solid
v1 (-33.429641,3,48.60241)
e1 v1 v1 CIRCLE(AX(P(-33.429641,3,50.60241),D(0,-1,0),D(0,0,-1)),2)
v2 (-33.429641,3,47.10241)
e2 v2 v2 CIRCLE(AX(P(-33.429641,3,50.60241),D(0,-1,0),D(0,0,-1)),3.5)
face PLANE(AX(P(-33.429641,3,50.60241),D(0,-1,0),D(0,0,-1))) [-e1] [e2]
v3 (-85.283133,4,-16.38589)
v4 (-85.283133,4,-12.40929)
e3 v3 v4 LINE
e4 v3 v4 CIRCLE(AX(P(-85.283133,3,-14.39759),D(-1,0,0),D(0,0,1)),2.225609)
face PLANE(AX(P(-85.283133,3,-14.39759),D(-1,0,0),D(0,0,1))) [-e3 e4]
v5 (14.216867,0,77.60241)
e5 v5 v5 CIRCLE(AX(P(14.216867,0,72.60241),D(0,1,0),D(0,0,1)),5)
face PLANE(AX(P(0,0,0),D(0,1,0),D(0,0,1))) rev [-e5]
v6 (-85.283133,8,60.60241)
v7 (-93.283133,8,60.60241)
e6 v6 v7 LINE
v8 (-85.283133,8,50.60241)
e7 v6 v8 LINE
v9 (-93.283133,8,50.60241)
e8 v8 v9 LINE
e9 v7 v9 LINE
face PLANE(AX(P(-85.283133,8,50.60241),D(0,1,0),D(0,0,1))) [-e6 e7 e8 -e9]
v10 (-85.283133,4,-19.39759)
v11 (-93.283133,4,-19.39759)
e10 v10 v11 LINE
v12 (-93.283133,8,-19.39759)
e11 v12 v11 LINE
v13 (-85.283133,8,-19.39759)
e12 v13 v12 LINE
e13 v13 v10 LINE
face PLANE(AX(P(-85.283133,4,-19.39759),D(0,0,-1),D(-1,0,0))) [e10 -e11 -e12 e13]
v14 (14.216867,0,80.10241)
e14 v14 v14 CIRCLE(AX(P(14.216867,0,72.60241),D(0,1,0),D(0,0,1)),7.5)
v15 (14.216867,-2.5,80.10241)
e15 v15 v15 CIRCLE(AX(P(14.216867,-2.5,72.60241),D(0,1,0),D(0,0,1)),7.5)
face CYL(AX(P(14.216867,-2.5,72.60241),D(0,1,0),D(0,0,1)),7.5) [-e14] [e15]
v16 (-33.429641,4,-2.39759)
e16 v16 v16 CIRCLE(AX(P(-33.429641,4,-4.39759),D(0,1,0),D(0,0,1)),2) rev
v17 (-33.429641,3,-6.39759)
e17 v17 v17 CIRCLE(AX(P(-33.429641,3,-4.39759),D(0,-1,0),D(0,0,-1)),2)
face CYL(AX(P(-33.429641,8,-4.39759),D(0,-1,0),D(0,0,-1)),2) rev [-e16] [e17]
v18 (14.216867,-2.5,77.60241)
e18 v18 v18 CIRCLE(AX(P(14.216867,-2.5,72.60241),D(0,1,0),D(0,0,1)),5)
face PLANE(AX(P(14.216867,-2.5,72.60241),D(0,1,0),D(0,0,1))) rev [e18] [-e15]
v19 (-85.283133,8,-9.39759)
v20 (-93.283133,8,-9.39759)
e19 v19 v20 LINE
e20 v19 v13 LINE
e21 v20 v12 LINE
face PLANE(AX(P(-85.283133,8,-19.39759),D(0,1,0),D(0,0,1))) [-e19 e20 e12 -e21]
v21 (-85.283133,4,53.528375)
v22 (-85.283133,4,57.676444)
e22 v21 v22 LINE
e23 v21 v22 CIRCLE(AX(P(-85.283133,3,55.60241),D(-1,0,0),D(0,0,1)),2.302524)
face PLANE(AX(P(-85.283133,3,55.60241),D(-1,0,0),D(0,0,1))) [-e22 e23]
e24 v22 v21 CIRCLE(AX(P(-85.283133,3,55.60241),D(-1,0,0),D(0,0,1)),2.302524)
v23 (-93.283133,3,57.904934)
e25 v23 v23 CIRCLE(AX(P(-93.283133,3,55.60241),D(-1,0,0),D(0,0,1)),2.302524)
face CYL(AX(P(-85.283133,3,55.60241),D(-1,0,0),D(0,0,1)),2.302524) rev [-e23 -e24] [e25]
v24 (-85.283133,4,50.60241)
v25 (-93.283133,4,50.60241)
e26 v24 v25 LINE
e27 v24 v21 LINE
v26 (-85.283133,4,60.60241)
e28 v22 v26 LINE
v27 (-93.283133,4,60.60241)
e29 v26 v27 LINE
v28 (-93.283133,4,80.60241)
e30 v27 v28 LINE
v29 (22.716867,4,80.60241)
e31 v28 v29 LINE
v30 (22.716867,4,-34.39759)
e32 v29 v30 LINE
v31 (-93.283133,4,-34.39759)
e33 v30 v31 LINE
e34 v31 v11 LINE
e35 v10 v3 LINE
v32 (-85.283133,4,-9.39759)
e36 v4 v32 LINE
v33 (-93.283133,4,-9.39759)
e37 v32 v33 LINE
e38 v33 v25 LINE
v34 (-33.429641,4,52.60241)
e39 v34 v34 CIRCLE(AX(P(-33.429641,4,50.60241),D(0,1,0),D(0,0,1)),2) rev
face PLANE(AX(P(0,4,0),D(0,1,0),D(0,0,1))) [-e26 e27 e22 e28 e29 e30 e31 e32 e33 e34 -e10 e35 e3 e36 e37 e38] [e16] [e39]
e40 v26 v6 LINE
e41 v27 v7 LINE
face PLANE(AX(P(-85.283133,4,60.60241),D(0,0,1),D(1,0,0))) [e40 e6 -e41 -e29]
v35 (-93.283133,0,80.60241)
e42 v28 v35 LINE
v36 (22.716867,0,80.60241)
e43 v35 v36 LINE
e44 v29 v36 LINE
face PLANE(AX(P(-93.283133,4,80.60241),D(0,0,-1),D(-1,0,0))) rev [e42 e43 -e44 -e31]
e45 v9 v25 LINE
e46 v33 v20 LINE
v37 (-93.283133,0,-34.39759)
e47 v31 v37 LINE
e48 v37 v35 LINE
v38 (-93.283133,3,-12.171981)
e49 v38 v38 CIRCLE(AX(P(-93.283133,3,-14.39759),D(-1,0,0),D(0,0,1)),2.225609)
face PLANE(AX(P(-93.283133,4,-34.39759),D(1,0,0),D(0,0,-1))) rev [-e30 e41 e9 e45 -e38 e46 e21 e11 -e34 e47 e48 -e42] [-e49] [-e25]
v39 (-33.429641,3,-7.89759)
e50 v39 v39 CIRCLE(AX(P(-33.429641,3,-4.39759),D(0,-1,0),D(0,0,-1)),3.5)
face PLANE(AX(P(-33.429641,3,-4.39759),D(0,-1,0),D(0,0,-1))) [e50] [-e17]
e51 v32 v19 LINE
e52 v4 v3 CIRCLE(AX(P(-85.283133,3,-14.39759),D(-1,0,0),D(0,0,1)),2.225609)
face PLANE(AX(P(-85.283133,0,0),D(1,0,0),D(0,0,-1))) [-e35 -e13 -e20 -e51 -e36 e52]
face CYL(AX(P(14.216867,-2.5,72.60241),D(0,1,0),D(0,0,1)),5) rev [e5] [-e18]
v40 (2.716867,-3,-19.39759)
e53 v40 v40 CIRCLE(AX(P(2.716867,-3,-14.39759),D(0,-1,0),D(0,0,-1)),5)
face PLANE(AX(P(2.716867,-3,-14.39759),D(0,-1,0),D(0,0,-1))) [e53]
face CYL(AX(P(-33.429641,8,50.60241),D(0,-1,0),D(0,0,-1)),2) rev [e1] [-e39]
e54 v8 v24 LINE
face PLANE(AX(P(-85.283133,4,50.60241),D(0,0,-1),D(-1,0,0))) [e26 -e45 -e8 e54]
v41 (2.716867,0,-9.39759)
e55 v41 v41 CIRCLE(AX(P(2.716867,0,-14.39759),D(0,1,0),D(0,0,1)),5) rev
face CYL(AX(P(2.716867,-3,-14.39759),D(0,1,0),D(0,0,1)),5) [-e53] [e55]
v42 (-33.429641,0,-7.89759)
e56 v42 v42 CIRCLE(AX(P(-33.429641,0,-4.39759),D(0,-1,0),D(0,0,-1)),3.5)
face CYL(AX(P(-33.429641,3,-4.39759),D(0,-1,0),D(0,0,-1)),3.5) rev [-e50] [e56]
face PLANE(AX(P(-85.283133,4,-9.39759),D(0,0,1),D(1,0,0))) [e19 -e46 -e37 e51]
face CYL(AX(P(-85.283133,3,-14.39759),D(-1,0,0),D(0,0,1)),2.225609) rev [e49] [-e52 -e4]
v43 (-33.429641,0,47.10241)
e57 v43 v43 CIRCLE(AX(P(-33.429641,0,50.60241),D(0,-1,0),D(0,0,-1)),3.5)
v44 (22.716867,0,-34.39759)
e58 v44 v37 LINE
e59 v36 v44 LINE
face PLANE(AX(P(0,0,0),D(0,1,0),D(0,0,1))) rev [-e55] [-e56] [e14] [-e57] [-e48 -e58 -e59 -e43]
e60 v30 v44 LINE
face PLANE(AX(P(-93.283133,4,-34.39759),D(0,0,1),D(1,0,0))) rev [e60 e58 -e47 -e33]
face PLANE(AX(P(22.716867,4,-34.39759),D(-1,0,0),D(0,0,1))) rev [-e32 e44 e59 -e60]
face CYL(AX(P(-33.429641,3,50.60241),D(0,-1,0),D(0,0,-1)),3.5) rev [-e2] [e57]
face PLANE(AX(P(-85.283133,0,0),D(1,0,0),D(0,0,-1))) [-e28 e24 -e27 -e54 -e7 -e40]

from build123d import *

# Parameters (mm, degrees)
SKETCH1_W               = 116
SKETCH1_H               = 115
BOSS_EXTRUDE1_DEPTH     = 4
SKETCH2_R               = 7.5
SKETCH2_R_2             = 5
BOSS_EXTRUDE2_DEPTH     = 2.5
SKETCH3_W               = 10
SKETCH3_H               = 4
BOSS_EXTRUDE3_DEPTH     = 8
SKETCH6_R               = 2.225609416
SKETCH6_R_2             = 2.302524441
CUT_EXTRUDE2_DEPTH      = 8
SKETCH7_R               = 5
BOSS_EXTRUDE5_DEPTH     = 3
SKETCH9_R               = 2
CUT_EXTRUDE3_DEPTH      = 5
CUT_EXTRUDE3_DEPTH_BACK = 8
SKETCH10_R              = 3.5
CUT_EXTRUDE5_DEPTH      = 3


with BuildPart() as part:
    # Sketch1 → Boss-Extrude1 (new body)
    with BuildSketch(Plane(origin=(0, 0, 0), x_dir=(1, 0, 0), z_dir=(0, 1, 0))):
        with Locations((-35.28313253, -23.102409639)):
            Rectangle(SKETCH1_W, SKETCH1_H)
    extrude(amount=BOSS_EXTRUDE1_DEPTH)

    # Sketch2 → Boss-Extrude2 (add)
    with BuildSketch(Plane(origin=(0, 0, 0), x_dir=(1, 0, 0), z_dir=(0, 1, 0))):
        with Locations((14.21686747, -72.602409639)):
            Circle(SKETCH2_R)
        with Locations((14.21686747, -72.602409639)):
            Circle(SKETCH2_R_2, mode=Mode.SUBTRACT)
    extrude(amount=-BOSS_EXTRUDE2_DEPTH)

    # Sketch3 → Boss-Extrude3 (add)
    with BuildSketch(Plane.ZY.offset(93.28313253)):
        with Locations((-14.397590361, 6)):
            Rectangle(SKETCH3_W, SKETCH3_H)
        with Locations((55.602409639, 6)):
            Rectangle(SKETCH3_W, SKETCH3_H)
    extrude(amount=-BOSS_EXTRUDE3_DEPTH)

    # Sketch6 → Cut-Extrude2 (cut)
    with BuildSketch(Plane.ZY.offset(93.28313253)):
        with Locations((-14.397590361, 3)):
            Circle(SKETCH6_R)
        with Locations((55.602409639, 3)):
            Circle(SKETCH6_R_2)
    extrude(amount=-CUT_EXTRUDE2_DEPTH, mode=Mode.SUBTRACT)

    # Sketch7 → Boss-Extrude5 (add)
    with BuildSketch(Plane.XZ):
        with Locations((2.71686747, -14.397590361)):
            Circle(SKETCH7_R)
    extrude(amount=BOSS_EXTRUDE5_DEPTH)

    # Sketch9 → Cut-Extrude3 (cut, two sides)
    with BuildSketch(Plane(origin=(0, 4, 0), x_dir=(1, 0, 0), z_dir=(0, 1, 0))) as cut_extrude3_sk:
        with Locations((-33.429640785, 4.397590361)):
            Circle(SKETCH9_R)
        with Locations((-33.429640785, -50.602409639)):
            Circle(SKETCH9_R)
    extrude(amount=CUT_EXTRUDE3_DEPTH, mode=Mode.SUBTRACT)
    extrude(cut_extrude3_sk.sketch, amount=-CUT_EXTRUDE3_DEPTH_BACK, mode=Mode.SUBTRACT)

    # Sketch10 → Cut-Extrude5 (cut)
    with BuildSketch(Plane.XZ):
        with Locations((-33.429640785, -4.397590361)):
            Circle(SKETCH10_R)
        with Locations((-33.429640785, 50.602409639)):
            Circle(SKETCH10_R)
    extrude(amount=-CUT_EXTRUDE5_DEPTH, mode=Mode.SUBTRACT)


solid = part.part
